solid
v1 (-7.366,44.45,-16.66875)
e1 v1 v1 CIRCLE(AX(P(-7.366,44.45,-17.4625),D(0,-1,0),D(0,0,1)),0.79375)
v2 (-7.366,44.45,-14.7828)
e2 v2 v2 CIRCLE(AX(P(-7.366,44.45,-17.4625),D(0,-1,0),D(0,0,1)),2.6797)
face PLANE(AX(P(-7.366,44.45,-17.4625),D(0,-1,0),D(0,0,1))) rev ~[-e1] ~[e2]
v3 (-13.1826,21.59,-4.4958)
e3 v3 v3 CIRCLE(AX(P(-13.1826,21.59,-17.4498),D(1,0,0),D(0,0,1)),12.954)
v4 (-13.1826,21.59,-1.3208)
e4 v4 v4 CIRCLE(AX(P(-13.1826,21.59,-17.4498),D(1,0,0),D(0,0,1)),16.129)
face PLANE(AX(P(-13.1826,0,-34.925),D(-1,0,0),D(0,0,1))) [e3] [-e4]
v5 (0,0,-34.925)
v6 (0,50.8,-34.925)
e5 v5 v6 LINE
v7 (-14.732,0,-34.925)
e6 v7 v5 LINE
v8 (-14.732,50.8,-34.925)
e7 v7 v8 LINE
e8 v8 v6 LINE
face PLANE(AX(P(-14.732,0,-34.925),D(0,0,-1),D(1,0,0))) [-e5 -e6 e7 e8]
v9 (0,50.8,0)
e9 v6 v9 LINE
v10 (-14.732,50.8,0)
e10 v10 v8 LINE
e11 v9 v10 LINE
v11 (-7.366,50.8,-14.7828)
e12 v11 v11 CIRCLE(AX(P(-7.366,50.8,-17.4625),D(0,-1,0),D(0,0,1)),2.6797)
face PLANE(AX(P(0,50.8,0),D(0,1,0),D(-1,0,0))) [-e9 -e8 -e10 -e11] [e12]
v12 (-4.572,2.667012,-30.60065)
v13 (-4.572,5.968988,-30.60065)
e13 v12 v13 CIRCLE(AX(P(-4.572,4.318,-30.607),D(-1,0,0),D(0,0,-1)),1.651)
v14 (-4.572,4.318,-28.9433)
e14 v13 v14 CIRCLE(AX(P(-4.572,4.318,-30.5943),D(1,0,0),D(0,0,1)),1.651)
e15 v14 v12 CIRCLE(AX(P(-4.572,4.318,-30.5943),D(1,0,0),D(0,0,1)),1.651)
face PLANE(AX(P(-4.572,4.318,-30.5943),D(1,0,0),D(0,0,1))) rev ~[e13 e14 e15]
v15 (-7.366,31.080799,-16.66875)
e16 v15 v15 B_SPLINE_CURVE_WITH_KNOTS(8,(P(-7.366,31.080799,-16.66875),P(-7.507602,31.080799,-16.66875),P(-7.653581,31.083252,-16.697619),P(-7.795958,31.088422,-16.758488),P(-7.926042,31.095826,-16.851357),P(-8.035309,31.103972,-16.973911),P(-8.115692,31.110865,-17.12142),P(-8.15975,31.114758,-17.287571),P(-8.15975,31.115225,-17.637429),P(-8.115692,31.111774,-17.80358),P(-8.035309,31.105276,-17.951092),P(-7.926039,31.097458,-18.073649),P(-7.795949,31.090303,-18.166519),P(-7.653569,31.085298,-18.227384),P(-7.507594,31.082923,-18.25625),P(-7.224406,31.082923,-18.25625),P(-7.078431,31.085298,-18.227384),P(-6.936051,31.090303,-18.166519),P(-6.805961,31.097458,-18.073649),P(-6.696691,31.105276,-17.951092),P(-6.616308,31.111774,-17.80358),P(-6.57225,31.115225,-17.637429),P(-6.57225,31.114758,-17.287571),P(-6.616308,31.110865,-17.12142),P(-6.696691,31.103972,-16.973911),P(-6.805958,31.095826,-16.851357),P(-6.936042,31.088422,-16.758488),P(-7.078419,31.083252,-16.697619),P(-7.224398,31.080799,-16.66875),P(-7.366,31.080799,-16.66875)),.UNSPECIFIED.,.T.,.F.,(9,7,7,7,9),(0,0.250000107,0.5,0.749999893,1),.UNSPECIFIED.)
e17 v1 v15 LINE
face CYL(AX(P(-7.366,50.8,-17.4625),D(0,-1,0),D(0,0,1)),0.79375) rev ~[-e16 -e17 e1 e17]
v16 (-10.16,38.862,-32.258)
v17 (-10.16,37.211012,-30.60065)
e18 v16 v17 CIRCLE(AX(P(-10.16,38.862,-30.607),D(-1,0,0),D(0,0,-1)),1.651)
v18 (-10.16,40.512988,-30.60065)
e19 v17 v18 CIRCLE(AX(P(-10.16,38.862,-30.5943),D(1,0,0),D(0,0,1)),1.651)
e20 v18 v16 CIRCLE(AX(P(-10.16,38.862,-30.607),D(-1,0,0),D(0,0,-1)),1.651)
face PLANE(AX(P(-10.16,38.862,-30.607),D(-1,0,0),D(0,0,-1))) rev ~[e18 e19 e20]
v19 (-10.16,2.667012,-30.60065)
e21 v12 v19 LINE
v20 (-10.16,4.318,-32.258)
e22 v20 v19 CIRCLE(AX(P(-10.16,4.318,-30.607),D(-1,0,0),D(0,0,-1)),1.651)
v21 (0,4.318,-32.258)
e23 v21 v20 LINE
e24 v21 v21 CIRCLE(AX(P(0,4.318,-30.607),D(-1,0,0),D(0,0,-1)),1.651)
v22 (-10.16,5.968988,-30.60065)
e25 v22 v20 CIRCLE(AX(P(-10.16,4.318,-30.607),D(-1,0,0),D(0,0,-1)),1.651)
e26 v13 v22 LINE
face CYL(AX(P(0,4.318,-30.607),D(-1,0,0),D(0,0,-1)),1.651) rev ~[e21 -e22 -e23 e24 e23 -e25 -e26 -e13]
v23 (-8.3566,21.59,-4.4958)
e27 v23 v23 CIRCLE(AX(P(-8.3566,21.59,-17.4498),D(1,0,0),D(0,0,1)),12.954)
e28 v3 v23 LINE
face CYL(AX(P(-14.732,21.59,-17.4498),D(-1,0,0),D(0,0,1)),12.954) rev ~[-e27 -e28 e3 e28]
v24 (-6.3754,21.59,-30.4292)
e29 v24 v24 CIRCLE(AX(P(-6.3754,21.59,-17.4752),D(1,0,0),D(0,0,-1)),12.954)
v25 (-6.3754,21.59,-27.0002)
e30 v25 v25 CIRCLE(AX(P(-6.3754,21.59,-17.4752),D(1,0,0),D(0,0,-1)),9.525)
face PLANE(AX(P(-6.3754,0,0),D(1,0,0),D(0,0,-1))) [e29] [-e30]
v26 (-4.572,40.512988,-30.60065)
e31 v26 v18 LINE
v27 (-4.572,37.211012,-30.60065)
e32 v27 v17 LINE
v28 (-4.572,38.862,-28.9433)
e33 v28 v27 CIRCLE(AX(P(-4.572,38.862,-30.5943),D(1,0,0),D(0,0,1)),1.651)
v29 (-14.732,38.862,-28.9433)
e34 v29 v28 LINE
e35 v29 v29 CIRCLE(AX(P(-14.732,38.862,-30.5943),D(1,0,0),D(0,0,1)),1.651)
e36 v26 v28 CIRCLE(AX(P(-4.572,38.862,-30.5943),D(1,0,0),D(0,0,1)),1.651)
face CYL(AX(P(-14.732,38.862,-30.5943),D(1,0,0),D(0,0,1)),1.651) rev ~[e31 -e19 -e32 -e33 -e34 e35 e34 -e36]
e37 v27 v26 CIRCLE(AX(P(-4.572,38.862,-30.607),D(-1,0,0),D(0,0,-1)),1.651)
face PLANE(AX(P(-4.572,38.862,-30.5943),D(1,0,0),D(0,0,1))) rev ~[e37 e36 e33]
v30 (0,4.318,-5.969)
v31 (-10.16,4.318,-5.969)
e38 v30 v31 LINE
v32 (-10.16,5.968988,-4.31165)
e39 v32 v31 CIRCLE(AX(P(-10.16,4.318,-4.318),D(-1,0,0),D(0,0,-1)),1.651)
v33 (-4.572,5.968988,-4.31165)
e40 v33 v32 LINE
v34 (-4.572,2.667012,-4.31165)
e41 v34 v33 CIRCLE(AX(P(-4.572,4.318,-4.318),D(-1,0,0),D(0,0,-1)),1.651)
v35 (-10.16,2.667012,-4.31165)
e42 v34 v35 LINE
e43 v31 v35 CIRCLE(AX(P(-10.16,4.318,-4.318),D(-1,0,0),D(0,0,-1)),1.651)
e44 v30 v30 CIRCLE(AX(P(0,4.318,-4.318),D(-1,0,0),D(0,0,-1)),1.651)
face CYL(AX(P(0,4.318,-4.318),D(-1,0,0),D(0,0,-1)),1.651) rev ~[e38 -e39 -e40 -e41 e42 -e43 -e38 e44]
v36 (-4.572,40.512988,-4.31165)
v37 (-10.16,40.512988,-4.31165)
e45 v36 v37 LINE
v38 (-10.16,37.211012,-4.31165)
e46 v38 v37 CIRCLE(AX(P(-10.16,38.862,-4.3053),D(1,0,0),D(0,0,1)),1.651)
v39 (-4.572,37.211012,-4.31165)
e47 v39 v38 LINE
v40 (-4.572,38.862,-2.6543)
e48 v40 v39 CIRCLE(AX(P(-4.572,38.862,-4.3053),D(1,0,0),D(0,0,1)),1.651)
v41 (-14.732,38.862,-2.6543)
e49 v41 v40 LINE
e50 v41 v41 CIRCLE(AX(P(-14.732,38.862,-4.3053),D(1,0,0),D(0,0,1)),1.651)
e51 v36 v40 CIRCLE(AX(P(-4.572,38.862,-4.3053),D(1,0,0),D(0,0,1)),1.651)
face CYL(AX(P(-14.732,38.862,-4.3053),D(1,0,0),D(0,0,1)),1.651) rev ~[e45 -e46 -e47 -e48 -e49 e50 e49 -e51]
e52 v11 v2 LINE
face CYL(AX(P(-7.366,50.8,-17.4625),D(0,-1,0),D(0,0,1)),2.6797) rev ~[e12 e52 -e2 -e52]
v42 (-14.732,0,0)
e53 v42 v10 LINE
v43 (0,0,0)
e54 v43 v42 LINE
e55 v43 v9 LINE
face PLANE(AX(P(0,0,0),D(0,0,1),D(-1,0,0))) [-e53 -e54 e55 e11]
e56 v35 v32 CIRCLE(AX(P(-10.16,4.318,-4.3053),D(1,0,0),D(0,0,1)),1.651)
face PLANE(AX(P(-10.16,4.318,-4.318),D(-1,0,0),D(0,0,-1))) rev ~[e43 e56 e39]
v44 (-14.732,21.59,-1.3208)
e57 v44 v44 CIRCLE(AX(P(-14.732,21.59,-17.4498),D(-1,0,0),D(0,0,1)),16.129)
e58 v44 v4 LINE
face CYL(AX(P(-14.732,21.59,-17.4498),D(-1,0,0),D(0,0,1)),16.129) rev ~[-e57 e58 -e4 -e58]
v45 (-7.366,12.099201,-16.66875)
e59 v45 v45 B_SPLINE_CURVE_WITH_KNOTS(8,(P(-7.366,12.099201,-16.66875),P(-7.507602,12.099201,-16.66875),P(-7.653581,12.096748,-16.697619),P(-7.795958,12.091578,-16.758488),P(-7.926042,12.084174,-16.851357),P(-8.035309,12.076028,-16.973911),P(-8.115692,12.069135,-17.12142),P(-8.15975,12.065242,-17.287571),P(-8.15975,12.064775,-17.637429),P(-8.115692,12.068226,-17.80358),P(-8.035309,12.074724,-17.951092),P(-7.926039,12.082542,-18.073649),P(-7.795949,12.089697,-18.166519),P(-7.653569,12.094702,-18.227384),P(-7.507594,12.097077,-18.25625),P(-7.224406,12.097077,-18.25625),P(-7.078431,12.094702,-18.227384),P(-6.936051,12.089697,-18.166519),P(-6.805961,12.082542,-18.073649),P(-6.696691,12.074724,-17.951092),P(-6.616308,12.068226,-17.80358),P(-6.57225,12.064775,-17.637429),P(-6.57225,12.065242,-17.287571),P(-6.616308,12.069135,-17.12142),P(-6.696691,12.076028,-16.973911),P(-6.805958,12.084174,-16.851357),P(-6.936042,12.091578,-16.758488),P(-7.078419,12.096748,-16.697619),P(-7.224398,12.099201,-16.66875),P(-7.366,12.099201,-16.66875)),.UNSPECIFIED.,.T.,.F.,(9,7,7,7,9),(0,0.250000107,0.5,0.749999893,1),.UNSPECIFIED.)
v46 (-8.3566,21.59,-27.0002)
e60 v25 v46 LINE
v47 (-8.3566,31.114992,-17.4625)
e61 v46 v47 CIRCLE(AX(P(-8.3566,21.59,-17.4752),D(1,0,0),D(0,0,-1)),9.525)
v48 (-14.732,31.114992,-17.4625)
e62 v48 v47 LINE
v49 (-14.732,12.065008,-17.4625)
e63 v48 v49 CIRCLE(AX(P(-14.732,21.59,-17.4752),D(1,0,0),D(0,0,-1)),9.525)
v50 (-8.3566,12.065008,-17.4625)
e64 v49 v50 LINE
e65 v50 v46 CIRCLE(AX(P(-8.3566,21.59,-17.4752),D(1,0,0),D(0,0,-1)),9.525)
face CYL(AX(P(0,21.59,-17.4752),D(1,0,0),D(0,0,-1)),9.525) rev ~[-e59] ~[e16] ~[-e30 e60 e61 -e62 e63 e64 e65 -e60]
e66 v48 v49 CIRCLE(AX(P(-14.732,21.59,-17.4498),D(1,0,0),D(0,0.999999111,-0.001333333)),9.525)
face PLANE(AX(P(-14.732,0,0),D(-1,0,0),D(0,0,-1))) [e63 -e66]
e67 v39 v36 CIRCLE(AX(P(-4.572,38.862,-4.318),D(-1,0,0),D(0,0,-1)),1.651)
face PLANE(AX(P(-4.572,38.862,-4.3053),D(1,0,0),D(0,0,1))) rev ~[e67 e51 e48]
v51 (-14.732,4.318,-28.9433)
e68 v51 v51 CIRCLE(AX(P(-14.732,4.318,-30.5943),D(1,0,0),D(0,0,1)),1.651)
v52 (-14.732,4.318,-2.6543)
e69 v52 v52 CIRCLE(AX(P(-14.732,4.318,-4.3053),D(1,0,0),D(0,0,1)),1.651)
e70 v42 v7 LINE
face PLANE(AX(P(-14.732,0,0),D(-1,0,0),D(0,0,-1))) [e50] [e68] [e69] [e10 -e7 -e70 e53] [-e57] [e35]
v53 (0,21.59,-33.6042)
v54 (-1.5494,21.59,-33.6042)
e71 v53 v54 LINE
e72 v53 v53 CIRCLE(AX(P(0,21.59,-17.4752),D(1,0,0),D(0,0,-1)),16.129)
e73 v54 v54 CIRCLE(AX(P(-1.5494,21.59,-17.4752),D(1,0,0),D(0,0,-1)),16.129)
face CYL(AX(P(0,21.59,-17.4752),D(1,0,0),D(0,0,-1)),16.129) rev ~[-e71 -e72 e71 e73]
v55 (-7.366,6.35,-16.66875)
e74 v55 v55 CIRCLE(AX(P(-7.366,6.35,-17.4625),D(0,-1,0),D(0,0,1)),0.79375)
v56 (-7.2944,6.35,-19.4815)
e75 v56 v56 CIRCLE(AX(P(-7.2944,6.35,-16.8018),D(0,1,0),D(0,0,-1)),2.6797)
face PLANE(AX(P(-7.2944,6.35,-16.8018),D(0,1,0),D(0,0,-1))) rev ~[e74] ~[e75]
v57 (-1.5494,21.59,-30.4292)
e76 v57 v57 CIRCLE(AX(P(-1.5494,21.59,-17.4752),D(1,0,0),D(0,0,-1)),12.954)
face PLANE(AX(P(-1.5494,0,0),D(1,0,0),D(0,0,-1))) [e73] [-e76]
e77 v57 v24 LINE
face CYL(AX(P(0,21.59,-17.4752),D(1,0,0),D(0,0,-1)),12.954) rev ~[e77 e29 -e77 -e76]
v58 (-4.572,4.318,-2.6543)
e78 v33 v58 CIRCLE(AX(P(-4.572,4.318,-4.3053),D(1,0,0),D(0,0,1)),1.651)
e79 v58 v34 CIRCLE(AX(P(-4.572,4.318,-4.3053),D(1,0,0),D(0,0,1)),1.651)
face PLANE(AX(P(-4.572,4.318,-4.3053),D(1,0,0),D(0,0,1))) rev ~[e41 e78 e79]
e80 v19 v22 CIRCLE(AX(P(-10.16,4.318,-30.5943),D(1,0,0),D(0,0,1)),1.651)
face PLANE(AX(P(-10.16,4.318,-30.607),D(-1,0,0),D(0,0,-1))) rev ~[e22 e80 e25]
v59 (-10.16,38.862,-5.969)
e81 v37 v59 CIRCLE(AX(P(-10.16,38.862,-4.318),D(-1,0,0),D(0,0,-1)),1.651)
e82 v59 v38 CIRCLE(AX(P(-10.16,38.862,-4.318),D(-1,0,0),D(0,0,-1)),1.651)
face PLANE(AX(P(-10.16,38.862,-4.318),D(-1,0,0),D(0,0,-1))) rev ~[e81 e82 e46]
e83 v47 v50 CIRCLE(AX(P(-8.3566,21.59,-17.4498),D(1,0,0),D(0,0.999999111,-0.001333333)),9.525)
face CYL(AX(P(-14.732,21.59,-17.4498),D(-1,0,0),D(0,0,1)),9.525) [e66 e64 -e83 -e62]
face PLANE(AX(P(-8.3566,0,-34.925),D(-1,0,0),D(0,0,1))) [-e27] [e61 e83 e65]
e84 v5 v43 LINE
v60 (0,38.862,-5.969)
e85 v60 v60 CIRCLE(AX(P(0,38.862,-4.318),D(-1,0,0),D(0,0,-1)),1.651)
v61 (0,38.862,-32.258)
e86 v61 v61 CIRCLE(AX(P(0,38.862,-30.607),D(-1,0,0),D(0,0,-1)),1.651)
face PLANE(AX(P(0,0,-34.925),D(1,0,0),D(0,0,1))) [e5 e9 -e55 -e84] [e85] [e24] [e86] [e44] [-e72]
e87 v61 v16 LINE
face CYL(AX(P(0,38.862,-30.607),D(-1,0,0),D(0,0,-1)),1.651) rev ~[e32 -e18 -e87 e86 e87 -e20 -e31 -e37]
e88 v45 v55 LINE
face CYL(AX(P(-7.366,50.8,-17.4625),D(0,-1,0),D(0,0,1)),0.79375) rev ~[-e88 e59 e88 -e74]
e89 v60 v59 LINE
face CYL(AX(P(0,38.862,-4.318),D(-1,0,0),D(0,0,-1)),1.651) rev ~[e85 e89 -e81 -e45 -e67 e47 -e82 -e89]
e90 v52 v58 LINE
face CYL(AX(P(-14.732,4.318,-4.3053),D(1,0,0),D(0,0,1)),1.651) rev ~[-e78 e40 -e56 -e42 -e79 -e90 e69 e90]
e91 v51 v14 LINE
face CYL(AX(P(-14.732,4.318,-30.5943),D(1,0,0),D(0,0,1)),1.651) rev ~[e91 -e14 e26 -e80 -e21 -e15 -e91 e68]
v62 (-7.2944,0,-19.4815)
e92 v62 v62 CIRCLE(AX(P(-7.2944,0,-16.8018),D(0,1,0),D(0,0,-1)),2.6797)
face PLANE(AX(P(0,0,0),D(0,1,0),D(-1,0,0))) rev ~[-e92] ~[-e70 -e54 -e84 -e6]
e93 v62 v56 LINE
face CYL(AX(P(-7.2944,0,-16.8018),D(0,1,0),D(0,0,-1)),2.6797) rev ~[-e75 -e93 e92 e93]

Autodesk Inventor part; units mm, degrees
ref_plane "YZ Plane" through (0, 0, 0) normal (1, 0, 0) x (0, 1, 0)
ref_plane "XZ Plane" through (0, 0, 0) normal (0, 1, 0) x (-1, 0, 0)
ref_plane "XY Plane" through (0, 0, 0) normal (0, 0, 1) x (1, 0, 0)
sketch "Sketch1" plane through (0, 0, 0) normal (0, 1, 0) x (-1, 0, 0)
  line L0 (0, 0) -> (14.732, 0)
  line L1 (14.732, 0) -> (14.732, -34.925)
  line L2 (14.732, -34.925) -> (0, -34.925)
  line L3 (0, -34.925) -> (0, 0)
  dimension "BlockW" = 14.732
  dimension "BlockL" = 34.925
extrude "Extrusion1" add sketch "Sketch1" along normal blind 50.8
sketch "Sketch3" plane through (0, 0, 0) normal (1, 0, 0) x (0, 0, -1)
  line L0 (0, 0) -> (17.4752, 0)
  line L1 (0, 21.59) -> (0, 0)
  circle A0 centre (17.4752, 21.59) radius 9.525
  circle A1 centre (17.4752, 21.59) radius 12.954
  circle A2 centre (17.4752, 21.59) radius 16.129
  line L2 (4.318, 21.59) -> (21.59, 21.59) construction
  point P0 (4.318, 38.862)
  dimension "d15" = 19.05
  dimension "d16" = 25.908
  dimension "d17" = 32.258
hole "Hole2" at (0, 38.862, -4.318) direction (-1, 0, 0) diameter 3.302 depth 10.16 thread size "8-32 UNC" class "2B" standard "ANSI Unified Screw Threads"
pattern_linear "Rectangular Pattern1" count 2 spacing 26.289 along (0, 0, -1) count 2 spacing 34.544 along (0, -1, 0) of "Hole2"
extrude "Extrusion2" cut sketch "Sketch3" against normal through all contours A0
extrude "Extrusion3" cut sketch "Sketch3" against normal blind 6.3754 contours A1
extrude "Extrusion4" cut sketch "Sketch3" against normal blind 1.5494 contours A2
sketch "Sketch4" plane through (-14.732, 0, -34.925) normal (-1, 0, 0) x (0, 0, 1)
  line L0 (0, 0) -> (17.4752, 0)
  line L1 (17.4752, 21.59) -> (0, 21.59)
  line L2 (0, 21.59) -> (0, 0)
  circle A0 centre (17.4752, 21.59) radius 9.525
  circle A1 centre (17.4752, 21.59) radius 12.954
  circle A2 centre (17.4752, 21.59) radius 16.129
  line L3 (17.4752, 21.59) -> (30.6197, 21.59)
  line L4 (30.6197, 21.59) -> (30.6197, 38.862)
  line L5 (30.6197, 38.862) -> (17.4752, 38.862)
  line L6 (17.4752, 38.862) -> (17.4752, 21.59)
  point P0 (34.925, 0)
  dimension "d24" = 17.4752
  dimension "d25" = 21.59
  dimension "d26" = 19.05
  dimension "d28" = 32.258
  dimension "d57" = 13.1445
  dimension "d58" = 17.272
extrude "Extrusion5" cut sketch "Sketch4" against normal blind 6.3754 contours A0 L3 A1 L1 | L1 A1 L6 A0 | A0 L6 A1 L3
extrude "Extrusion6" cut sketch "Sketch4" against normal blind 1.5494 contours A1 L3 L4 A2 L1 | L1 A2 L6 A1 | A1 L6 A2 L4 L3
hole "Hole3" at (-14.732, 38.862, -4.3053) direction (1, 0, 0) diameter 3.302 depth 10.16 thread size "8-32 UNC" class "2B" standard "ANSI Unified Screw Threads"
pattern_linear "Rectangular Pattern2" count 2 spacing 26.289 along (0, 0, -1) count 2 spacing 34.544 along (0, -1, 0) of "Hole3"
sketch "Sketch5" plane through (0, 50.8, 0) normal (0, 1, 0) x (1, 0, 0)
  line L0 (-14.732, 0) -> (0, 0) projected
  line L1 (-7.366, 0) -> (-7.366, 34.925)
  line L2 (0, 34.925) -> (-14.732, 34.925) projected
  line L3 (-7.366, 34.925) -> (-7.366, 17.4625)
hole "Hole4" at (-7.366, 50.8, -17.4625) direction (0, -1, 0) diameter 1.5875 end through all
hole "Hole5" at (-7.366, 50.8, -17.4625) direction (0, -1, 0) diameter 5.3594 depth 6.35 thread size "1/4-28 UNF" class "2B" standard "ANSI Unified Screw Threads"
sketch "Sketch7" plane through (0, 0, 0) normal (0, -1, 0) x (1, 0, 0)
  point P0 (0, 0)
  point P1 (-7.2944, -16.8018)
hole "Hole6" at (-7.2944, 0, -16.8018) direction (0, 1, 0) diameter 5.3594 depth 6.35 thread size "1/4-28 UNF" class "2B" standard "ANSI Unified Screw Threads"
properties part number "FlowTiCell"
